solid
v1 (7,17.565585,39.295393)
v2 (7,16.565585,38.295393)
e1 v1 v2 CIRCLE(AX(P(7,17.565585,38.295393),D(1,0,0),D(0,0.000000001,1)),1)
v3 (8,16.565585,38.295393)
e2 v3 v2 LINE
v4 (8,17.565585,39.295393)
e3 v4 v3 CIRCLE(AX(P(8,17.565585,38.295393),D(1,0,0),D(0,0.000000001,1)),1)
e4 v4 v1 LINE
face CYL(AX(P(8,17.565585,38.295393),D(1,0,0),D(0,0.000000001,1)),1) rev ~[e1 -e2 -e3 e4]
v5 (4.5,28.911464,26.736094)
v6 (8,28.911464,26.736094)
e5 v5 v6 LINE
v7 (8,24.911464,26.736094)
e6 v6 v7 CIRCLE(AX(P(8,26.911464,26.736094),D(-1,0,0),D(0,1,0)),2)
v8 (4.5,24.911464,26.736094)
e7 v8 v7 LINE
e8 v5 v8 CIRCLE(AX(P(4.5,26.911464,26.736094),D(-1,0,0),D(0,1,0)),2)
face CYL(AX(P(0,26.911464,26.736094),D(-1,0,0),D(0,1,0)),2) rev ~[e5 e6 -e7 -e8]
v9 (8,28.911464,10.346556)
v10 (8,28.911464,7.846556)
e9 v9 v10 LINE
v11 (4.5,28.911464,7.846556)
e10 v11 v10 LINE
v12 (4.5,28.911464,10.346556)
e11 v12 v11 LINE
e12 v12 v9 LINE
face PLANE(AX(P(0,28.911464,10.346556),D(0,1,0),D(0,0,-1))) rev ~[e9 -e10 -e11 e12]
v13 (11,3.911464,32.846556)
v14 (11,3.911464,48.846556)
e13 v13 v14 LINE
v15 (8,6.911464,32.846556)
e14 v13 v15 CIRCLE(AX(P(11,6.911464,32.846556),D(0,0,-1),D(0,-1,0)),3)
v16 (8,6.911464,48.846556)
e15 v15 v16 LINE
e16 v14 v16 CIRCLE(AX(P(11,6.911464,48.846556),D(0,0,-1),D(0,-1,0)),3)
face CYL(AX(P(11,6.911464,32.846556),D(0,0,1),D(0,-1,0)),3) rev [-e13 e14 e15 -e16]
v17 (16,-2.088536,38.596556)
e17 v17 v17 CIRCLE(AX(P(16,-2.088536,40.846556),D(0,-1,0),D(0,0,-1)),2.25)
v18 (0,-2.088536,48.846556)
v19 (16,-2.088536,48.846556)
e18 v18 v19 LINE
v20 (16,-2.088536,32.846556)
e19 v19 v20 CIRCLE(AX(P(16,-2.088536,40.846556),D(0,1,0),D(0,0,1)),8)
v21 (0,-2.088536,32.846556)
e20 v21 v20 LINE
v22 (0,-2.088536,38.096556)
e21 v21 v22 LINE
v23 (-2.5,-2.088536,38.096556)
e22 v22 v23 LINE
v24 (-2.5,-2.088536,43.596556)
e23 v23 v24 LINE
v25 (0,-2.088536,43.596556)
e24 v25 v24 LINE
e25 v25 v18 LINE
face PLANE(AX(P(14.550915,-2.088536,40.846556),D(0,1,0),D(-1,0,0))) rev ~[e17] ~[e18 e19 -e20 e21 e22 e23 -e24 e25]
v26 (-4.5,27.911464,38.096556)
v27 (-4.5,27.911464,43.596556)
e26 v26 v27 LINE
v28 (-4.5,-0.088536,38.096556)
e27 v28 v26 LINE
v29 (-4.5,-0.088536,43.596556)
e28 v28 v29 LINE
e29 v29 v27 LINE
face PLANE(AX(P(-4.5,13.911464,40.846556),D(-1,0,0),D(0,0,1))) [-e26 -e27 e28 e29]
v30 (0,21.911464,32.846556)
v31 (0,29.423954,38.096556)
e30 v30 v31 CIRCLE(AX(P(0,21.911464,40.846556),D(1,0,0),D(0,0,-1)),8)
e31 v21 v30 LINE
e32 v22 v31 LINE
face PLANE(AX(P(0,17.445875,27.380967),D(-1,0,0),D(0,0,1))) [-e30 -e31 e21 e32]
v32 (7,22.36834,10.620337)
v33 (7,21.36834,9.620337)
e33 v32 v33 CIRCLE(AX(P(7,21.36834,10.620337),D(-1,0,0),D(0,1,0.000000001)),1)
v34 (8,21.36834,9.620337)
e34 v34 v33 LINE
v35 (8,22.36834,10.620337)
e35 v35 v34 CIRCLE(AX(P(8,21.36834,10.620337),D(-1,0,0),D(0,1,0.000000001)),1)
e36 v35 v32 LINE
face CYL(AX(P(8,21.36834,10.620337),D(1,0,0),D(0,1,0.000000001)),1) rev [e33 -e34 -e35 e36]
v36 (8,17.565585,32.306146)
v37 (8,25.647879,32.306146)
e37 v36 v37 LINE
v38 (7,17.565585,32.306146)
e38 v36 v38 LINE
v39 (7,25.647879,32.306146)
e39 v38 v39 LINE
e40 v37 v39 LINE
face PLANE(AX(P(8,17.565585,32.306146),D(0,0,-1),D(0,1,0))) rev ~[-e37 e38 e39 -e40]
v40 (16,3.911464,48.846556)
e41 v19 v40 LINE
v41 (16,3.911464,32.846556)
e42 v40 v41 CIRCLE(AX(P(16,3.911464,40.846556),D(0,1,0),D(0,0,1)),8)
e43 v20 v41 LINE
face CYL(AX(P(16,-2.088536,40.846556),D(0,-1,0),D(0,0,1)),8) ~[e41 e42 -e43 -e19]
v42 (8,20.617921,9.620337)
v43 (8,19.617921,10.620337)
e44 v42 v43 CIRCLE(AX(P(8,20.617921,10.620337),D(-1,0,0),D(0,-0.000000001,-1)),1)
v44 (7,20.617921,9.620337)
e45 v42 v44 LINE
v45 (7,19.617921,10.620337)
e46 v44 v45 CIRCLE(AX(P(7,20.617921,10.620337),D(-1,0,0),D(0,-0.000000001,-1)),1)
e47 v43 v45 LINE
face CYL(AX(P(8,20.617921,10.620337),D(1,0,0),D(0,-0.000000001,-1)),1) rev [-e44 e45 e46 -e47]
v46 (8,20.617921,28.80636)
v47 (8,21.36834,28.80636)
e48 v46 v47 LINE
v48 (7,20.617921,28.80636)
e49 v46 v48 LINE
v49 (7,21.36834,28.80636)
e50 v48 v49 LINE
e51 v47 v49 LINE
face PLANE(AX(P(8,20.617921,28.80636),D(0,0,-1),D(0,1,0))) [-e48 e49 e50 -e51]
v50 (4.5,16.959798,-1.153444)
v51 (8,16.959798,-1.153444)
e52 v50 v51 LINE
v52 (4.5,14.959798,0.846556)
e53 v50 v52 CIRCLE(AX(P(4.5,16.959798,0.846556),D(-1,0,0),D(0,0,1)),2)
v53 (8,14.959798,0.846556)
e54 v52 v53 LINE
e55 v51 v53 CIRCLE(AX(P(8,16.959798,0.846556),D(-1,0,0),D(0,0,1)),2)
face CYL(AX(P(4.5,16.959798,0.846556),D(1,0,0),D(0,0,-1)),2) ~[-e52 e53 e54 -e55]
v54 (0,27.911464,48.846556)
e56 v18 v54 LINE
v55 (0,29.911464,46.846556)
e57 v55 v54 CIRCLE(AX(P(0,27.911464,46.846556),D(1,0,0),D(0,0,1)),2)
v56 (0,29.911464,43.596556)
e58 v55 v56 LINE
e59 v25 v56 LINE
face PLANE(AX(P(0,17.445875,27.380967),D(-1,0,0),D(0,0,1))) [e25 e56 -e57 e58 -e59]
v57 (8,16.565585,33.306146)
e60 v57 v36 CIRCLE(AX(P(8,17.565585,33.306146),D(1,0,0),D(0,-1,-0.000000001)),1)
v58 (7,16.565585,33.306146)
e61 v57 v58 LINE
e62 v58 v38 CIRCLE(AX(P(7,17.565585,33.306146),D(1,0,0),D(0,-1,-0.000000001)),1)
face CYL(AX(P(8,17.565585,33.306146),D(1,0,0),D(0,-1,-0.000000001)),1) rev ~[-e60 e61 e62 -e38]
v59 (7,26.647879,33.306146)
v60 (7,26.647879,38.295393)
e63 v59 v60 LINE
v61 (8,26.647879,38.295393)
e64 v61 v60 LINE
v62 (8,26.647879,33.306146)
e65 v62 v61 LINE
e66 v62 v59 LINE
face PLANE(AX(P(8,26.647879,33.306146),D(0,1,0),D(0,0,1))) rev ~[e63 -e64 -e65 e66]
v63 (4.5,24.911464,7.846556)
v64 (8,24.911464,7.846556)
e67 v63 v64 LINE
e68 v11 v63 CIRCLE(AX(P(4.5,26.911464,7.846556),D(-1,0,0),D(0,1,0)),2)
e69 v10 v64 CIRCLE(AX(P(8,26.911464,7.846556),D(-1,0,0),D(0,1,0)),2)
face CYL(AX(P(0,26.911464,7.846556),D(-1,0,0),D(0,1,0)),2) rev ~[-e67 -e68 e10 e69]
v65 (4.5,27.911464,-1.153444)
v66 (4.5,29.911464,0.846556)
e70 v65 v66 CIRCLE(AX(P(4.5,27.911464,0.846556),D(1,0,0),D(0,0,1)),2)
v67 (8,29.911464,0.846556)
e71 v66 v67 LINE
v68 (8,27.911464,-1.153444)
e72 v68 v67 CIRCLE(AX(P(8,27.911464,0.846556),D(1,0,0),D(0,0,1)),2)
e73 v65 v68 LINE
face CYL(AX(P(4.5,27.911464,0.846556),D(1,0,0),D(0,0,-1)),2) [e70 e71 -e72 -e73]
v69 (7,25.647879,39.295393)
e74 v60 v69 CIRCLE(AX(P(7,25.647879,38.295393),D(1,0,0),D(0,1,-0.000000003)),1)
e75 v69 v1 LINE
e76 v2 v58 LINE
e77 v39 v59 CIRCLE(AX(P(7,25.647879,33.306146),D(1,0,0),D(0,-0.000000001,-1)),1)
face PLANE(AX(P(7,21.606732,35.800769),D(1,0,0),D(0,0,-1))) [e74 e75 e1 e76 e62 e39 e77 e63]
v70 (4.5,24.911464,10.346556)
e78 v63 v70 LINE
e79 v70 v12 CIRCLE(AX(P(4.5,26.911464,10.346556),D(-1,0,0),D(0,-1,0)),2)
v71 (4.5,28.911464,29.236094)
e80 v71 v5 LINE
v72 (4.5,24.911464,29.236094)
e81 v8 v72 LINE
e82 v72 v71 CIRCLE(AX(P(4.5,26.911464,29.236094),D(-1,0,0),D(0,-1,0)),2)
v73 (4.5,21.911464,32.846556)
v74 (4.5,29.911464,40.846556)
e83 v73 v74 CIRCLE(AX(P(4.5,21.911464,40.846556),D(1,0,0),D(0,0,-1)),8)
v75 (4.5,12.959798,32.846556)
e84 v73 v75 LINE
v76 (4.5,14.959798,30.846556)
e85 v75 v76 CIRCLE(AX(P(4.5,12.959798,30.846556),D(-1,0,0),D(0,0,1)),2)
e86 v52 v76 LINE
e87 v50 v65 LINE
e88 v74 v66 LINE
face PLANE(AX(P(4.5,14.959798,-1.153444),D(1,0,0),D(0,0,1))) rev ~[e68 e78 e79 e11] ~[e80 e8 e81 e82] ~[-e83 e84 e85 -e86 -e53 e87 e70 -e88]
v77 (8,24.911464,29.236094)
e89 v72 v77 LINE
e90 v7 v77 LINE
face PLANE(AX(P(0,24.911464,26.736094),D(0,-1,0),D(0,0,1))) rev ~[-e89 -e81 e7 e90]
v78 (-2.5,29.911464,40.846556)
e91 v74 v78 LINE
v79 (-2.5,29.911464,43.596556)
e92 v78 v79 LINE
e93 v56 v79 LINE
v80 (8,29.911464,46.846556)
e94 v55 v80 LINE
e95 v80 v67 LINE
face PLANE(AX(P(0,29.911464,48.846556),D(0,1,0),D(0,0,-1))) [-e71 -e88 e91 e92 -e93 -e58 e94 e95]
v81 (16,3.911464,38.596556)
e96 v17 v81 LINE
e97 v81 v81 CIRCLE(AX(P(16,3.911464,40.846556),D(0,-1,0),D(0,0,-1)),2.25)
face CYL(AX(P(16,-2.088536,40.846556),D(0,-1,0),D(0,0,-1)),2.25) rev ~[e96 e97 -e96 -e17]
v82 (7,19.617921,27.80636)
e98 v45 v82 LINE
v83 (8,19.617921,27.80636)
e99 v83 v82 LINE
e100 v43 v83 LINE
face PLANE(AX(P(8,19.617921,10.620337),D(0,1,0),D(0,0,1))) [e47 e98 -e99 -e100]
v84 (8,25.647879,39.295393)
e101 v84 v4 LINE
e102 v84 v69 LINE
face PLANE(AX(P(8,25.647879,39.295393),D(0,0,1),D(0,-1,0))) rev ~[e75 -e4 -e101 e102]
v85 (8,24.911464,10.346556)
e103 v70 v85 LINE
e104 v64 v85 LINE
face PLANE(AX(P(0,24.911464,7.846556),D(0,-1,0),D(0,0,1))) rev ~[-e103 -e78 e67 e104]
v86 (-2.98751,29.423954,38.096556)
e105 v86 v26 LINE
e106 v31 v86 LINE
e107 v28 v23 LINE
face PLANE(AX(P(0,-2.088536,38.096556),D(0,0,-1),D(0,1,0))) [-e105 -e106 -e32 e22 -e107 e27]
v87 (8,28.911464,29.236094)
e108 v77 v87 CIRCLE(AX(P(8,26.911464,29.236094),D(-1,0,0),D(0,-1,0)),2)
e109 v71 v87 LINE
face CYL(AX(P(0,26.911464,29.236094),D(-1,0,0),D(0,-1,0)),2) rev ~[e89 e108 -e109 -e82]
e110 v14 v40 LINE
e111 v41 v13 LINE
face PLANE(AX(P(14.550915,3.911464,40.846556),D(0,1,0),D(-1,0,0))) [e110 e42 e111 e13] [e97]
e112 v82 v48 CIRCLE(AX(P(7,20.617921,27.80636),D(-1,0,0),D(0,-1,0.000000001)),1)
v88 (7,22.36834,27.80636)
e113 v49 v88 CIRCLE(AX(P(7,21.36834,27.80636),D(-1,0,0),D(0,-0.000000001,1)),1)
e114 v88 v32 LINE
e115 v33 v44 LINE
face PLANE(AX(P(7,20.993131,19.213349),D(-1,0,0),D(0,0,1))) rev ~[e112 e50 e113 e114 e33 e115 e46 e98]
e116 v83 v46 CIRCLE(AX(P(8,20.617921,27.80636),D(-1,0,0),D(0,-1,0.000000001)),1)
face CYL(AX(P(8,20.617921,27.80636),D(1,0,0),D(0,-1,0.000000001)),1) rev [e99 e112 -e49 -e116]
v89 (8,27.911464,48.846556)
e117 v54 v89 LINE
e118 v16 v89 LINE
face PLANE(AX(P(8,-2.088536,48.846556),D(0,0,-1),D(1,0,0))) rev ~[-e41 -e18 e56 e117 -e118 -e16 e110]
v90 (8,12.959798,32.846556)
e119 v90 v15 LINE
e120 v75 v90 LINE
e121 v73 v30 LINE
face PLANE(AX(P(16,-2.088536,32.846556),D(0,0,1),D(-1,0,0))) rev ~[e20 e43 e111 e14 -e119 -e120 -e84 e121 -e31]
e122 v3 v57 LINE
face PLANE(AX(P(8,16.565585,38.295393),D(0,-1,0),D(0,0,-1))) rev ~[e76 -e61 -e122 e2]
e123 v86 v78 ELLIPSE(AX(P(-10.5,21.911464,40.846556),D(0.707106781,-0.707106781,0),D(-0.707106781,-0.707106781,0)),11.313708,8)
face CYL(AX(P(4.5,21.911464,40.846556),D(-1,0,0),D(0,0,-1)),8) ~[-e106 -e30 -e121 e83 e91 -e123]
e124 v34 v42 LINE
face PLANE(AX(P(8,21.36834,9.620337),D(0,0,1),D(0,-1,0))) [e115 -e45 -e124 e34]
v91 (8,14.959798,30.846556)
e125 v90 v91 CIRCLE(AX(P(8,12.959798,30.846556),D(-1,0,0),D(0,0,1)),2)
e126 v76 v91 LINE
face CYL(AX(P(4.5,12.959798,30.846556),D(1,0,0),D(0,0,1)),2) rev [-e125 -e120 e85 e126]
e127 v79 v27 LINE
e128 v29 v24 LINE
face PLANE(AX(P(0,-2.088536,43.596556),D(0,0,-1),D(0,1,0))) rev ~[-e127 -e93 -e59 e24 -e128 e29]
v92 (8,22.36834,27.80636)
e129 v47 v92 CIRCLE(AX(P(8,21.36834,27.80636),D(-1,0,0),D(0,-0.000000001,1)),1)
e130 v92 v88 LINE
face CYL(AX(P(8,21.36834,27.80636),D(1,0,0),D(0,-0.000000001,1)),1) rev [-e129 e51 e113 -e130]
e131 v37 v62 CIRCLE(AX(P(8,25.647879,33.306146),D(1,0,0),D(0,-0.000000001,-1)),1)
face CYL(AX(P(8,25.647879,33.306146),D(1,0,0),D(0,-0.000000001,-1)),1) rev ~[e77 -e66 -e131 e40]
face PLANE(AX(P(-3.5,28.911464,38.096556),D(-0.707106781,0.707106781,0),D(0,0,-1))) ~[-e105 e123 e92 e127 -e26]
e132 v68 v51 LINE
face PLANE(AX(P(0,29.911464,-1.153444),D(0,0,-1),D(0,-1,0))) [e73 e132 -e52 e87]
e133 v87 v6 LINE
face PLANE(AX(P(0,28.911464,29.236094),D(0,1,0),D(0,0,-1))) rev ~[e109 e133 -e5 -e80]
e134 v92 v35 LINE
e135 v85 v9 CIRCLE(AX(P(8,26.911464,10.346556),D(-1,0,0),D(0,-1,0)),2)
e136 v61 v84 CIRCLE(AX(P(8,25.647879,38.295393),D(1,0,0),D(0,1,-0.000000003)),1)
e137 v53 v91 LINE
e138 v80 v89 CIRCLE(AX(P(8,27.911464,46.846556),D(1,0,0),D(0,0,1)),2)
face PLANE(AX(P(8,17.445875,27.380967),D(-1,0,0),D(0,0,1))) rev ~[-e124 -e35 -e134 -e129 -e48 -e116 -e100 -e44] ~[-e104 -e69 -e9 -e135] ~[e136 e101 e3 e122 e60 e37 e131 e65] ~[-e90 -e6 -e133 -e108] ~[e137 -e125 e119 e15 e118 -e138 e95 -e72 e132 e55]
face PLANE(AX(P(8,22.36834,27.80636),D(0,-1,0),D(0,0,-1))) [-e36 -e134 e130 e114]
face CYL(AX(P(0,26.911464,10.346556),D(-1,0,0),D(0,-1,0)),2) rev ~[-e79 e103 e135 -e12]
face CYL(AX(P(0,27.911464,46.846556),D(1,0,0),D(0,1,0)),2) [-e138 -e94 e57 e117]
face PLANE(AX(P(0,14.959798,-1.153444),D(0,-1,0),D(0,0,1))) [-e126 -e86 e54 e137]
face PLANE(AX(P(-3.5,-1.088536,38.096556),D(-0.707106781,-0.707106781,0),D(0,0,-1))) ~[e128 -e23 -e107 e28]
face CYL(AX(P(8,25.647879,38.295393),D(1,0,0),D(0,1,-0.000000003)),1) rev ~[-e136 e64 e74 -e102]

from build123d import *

# Parameters (mm, degrees)
BOSS_EXTRUDE1_DEPTH = 8
SKETCH2_W           = 5.5
SKETCH2_H           = 32
BOSS_EXTRUDE2_DEPTH = 4.5
CUT_EXTRUDE2_DEPTH  = 1
SKETCH5_W           = 4.5
SKETCH5_H           = 34
CUT_EXTRUDE3_DEPTH  = 53.351043088
FILLET4_R           = 2
CHAMFER1_SIZE       = 2
SKETCH6_R           = 2.25
BOSS_EXTRUDE3_DEPTH = 6
FILLET5_R           = 8
FILLET6_R           = 3


with BuildPart() as part:
    # Sketch1 → Boss-Extrude1 (new body)
    with BuildSketch(Plane(origin=(0, 0, 0), x_dir=(0, 0, -1), z_dir=(1, 0, 0))):
        Polygon((-32.846556001, 14.959797641), (-32.846556001, -2.08853598), (-48.846556001, -2.08853598), (-48.846556001, 29.91146402), (1.153443999, 29.91146402), (1.153443999, 14.959797641), align=None)
        with BuildLine():
            Line((-29.23609438, 28.91146402), (-26.73609438, 28.91146402))
            ThreePointArc((-26.73609438, 28.91146402), (-24.73609438, 26.91146402), (-26.73609438, 24.91146402))
            Line((-26.73609438, 24.91146402), (-29.23609438, 24.91146402))
            ThreePointArc((-29.23609438, 24.91146402), (-31.23609438, 26.91146402), (-29.23609438, 28.91146402))
        make_face(mode=Mode.SUBTRACT)
        with BuildLine():
            Line((-10.346556001, 28.91146402), (-7.846556001, 28.91146402))
            ThreePointArc((-7.846556001, 28.91146402), (-5.846556001, 26.91146402), (-7.846556001, 24.91146402))
            Line((-7.846556001, 24.91146402), (-10.346556001, 24.91146402))
            ThreePointArc((-10.346556001, 24.91146402), (-12.346556001, 26.91146402), (-10.346556001, 28.91146402))
        make_face(mode=Mode.SUBTRACT)
    extrude(amount=BOSS_EXTRUDE1_DEPTH)

    # Sketch2 → Boss-Extrude2 (add)
    with BuildSketch(Plane.ZY):
        with Locations((40.846556001, 13.91146402)):
            Rectangle(SKETCH2_W, SKETCH2_H)
    extrude(amount=BOSS_EXTRUDE2_DEPTH)

    # Sketch4 → Cut-Extrude2 (cut)
    with BuildSketch(Plane(origin=(8, 0, 0), x_dir=(0, 0, -1), z_dir=(1, 0, 0))):
        with BuildLine():
            Line((-33.306145699, 26.647879309), (-38.295392652, 26.647879309))
            ThreePointArc((-38.295392652, 26.647879309), (-39.002499434, 26.354986091), (-39.295392652, 25.647879309))
            Line((-39.295392652, 25.647879309), (-39.295392652, 17.565584617))
            ThreePointArc((-39.295392652, 17.565584617), (-39.002499434, 16.858477836), (-38.295392652, 16.565584617))
            Line((-38.295392652, 16.565584617), (-33.306145699, 16.565584617))
            ThreePointArc((-33.306145699, 16.565584617), (-32.599038918, 16.858477836), (-32.306145699, 17.565584617))
            Line((-32.306145699, 17.565584617), (-32.306145699, 25.647879309))
            ThreePointArc((-32.306145699, 25.647879309), (-32.599038918, 26.354986091), (-33.306145699, 26.647879309))
        make_face()
        with BuildLine():
            Line((-27.806359761, 22.368339675), (-10.62033731, 22.368339675))
            ThreePointArc((-10.62033731, 22.368339675), (-9.913230529, 22.075446457), (-9.62033731, 21.368339675))
            Line((-9.62033731, 21.368339675), (-9.62033731, 20.617921417))
            ThreePointArc((-9.62033731, 20.617921417), (-9.913230529, 19.910814636), (-10.62033731, 19.617921417))
            Line((-10.62033731, 19.617921417), (-27.806359761, 19.617921417))
            ThreePointArc((-27.806359761, 19.617921417), (-28.513466542, 19.910814636), (-28.806359761, 20.617921417))
            Line((-28.806359761, 20.617921417), (-28.806359761, 21.368339675))
            ThreePointArc((-28.806359761, 21.368339675), (-28.513466542, 22.075446457), (-27.806359761, 22.368339675))
        make_face()
    extrude(amount=-CUT_EXTRUDE2_DEPTH, mode=Mode.SUBTRACT)

    # Sketch5 → Cut-Extrude3 (cut, through all)
    with BuildSketch(Plane.XZ.offset(-14.959797641)):
        with Locations((2.25, 15.846556001)):
            Rectangle(SKETCH5_W, SKETCH5_H)
    extrude(amount=-CUT_EXTRUDE3_DEPTH, mode=Mode.SUBTRACT)

    # Fillet4
    fillet4_edges = [part.edges().sort_by_distance(p)[0] for p in [
        (6.25, 29.91146402, -1.153443999),
        (6.25, 14.959797641, -1.153443999),
        (6.25, 14.959797641, 32.846556001),
        (4, 29.91146402, 48.846556001),
    ]]
    fillet(fillet4_edges, radius=FILLET4_R)

    # Chamfer1
    chamfer1_edges = [part.edges().sort_by_distance(p)[0] for p in [
        (-4.5, -2.08853598, 40.846556001),
        (-4.5, 29.91146402, 40.846556001),
    ]]
    chamfer(chamfer1_edges, length=CHAMFER1_SIZE)

    # Sketch6 → Boss-Extrude3 (add)
    with BuildSketch(Plane.XZ.offset(2.08853598)):
        with BuildLine():
            Line((8, 48.846556001), (16, 48.846556001))
            ThreePointArc((16, 48.846556001), (24, 40.846556001), (16, 32.846556001))
            Line((16, 32.846556001), (8, 32.846556001))
            Line((8, 32.846556001), (8, 48.846556001))
        make_face()
        with Locations(Location((16, 40.846556001, 0), (0, 0, 270))):
            Circle(SKETCH6_R, mode=Mode.SUBTRACT)
    extrude(amount=-BOSS_EXTRUDE3_DEPTH)

    # Fillet5
    fillet5_edges = [part.edges().sort_by_distance(p)[0] for p in [
        (2.25, 29.91146402, 32.846556001),
    ]]
    fillet(fillet5_edges, radius=FILLET5_R)

    # Fillet6
    fillet6_edges = [part.edges().sort_by_distance(p)[0] for p in [
        (8, 3.91146402, 40.846556001),
    ]]
    fillet(fillet6_edges, radius=FILLET6_R)


solid = part.part
